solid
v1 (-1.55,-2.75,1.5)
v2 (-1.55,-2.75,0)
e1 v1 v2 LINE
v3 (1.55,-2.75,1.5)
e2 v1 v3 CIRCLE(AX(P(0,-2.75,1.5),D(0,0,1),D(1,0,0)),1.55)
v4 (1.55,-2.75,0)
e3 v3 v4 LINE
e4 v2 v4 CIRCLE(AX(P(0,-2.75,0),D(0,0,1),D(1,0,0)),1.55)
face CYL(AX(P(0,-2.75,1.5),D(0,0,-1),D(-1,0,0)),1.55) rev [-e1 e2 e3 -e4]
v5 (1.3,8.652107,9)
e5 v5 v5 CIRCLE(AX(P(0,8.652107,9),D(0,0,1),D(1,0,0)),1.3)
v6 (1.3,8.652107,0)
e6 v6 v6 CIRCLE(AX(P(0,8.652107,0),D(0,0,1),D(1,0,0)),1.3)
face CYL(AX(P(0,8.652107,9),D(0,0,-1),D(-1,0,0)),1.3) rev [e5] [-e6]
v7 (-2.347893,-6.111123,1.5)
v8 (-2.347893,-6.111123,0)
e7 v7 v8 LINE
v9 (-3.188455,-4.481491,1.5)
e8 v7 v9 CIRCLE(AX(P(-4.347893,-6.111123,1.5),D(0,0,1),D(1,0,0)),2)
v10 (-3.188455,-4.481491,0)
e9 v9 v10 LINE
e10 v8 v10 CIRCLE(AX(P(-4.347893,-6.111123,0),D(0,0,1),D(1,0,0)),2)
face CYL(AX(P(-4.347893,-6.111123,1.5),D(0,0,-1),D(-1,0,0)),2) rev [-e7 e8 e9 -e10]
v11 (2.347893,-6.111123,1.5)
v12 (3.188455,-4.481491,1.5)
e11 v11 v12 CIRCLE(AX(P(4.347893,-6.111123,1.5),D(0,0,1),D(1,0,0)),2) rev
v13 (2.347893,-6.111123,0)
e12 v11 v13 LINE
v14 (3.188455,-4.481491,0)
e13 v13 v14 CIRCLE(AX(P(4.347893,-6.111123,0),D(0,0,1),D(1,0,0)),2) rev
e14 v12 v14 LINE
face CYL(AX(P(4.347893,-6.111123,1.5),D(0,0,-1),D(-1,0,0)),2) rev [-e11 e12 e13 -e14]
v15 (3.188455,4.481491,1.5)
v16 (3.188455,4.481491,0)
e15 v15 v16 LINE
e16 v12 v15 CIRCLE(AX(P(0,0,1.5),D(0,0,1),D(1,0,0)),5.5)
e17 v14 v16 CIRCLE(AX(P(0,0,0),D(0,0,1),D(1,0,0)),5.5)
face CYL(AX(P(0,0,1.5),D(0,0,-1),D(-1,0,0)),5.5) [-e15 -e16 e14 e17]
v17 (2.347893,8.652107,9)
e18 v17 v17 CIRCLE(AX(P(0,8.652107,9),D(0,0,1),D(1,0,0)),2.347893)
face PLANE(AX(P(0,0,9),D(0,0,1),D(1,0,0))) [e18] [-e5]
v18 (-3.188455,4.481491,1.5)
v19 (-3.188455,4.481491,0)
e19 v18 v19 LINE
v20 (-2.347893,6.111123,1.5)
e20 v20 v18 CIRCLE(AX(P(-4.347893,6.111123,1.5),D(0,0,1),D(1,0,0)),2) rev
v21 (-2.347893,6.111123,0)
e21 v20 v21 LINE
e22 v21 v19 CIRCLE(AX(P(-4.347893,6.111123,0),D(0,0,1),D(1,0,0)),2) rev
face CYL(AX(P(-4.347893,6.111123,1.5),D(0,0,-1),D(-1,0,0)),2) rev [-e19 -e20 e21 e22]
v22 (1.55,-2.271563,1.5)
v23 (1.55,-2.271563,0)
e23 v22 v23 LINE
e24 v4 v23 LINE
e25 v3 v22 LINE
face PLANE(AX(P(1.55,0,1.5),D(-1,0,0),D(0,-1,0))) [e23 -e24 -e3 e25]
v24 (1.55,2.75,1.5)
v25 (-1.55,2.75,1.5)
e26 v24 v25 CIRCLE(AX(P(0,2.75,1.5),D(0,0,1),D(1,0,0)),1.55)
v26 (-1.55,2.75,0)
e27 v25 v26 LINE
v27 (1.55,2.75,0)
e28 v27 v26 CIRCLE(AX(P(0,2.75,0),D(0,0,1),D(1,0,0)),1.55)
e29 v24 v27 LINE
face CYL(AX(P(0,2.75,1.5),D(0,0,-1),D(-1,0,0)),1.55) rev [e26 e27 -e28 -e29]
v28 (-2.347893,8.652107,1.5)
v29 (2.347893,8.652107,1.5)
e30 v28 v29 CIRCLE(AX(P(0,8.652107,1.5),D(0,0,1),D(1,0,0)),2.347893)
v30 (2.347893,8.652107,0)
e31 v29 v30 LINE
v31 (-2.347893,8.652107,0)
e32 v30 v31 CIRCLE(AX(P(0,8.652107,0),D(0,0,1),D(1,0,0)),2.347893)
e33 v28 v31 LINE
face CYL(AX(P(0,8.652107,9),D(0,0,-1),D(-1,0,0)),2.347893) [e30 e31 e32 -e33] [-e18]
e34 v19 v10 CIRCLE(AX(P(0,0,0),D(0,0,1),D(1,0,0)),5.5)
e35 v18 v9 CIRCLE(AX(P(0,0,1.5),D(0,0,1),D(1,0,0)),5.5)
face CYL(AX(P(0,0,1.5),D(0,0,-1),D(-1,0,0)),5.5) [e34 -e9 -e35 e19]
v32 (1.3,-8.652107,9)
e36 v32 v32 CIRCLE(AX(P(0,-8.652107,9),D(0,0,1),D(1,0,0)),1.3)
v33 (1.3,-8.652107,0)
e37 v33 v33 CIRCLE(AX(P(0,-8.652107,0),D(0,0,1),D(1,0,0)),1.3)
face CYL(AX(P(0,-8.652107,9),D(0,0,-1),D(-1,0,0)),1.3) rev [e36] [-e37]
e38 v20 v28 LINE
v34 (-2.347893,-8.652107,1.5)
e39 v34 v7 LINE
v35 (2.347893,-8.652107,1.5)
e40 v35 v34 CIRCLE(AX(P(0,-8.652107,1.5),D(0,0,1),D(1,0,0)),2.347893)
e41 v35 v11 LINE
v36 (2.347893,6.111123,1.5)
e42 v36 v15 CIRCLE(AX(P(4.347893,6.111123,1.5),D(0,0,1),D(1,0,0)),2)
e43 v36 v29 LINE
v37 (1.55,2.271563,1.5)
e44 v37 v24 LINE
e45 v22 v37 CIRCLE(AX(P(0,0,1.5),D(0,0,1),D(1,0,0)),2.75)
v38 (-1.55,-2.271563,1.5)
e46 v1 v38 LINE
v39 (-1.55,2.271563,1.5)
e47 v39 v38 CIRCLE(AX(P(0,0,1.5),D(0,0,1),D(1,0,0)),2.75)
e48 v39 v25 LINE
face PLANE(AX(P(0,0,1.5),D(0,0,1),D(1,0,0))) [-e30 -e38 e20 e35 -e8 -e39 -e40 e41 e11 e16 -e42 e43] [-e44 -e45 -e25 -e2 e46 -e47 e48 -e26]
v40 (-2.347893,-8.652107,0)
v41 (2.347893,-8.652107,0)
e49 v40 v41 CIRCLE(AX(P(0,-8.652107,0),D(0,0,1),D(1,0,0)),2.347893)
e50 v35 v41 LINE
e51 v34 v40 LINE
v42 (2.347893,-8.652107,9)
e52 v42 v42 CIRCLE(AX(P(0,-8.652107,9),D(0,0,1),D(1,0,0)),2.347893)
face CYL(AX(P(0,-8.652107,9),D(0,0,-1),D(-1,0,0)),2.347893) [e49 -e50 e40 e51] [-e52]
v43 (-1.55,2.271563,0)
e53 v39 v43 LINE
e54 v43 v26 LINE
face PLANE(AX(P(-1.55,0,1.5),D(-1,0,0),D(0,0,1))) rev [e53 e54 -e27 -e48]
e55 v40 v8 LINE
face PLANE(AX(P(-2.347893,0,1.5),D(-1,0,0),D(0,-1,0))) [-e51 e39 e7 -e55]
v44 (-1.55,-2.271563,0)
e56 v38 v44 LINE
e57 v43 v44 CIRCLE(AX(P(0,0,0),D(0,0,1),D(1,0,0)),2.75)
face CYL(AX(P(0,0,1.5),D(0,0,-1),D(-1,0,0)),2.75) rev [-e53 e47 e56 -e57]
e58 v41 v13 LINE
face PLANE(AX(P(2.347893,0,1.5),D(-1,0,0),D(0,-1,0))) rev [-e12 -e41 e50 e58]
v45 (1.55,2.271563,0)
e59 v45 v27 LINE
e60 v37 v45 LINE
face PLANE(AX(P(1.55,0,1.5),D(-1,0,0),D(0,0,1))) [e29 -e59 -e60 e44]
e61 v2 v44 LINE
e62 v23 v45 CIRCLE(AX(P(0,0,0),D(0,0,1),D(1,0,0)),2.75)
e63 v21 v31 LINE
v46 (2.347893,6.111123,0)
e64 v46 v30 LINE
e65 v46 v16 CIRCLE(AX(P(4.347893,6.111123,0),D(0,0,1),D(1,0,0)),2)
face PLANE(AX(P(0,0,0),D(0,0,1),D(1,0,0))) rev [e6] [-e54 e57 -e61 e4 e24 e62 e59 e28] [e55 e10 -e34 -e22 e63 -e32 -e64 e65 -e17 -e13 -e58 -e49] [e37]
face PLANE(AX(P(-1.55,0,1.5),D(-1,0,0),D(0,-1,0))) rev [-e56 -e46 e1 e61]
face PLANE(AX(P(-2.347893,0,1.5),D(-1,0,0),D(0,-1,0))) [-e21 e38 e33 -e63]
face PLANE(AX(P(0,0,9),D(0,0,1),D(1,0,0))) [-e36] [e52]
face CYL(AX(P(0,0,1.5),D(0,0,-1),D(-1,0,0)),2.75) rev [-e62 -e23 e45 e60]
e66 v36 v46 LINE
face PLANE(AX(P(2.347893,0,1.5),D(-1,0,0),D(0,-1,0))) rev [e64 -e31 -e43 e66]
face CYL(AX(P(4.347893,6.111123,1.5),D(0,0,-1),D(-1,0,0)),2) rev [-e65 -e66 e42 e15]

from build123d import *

# Parameters (mm, degrees)
EXTRUDE_1_DEPTH = 1.5
SKETCH_1_4_R    = 2.347892547
SKETCH_1_4_R_2  = 1.3
EXTRUDE_2_DEPTH = 9


with BuildPart() as part:
    # 草图1 → 凸台-拉伸1 (new body)
    with BuildSketch(Plane.XY):
        with BuildLine():
            ThreePointArc((3.188454535, 4.481490565), (2.570411742, 5.19430182), (2.347892547, 6.111123497))
            Line((2.347892547, 6.111123497), (2.347892547, 8.652107453))
            ThreePointArc((2.347892547, 8.652107453), (0, 6.304214905), (-2.347892547, 8.652107453))
            Line((-2.347892547, 8.652107453), (-2.347892547, 6.111123497))
            ThreePointArc((-2.347892547, 6.111123497), (-2.570411742, 5.19430182), (-3.188454535, 4.481490565))
            ThreePointArc((-3.188454535, 4.481490565), (-5.5, 0), (-3.188454535, -4.481490565))
            ThreePointArc((-3.188454535, -4.481490565), (-2.570411742, -5.19430182), (-2.347892547, -6.111123497))
            Line((-2.347892547, -6.111123497), (-2.347892547, -8.652107453))
            ThreePointArc((-2.347892547, -8.652107453), (0, -6.304214905), (2.347892547, -8.652107453))
            Line((2.347892547, -8.652107453), (2.347892547, -6.111123497))
            ThreePointArc((2.347892547, -6.111123497), (2.570411742, -5.19430182), (3.188454535, -4.481490565))
            ThreePointArc((3.188454535, -4.481490565), (5.5, 0), (3.188454535, 4.481490565))
        make_face()
        with BuildLine():
            ThreePointArc((1.55, -2.75), (0, -4.3), (-1.55, -2.75))
            Line((-1.55, -2.75), (-1.55, -2.271563338))
            ThreePointArc((-1.55, -2.271563338), (-2.75, 0), (-1.55, 2.271563338))
            Line((-1.55, 2.271563338), (-1.55, 2.75))
            ThreePointArc((-1.55, 2.75), (0, 4.3), (1.55, 2.75))
            Line((1.55, 2.75), (1.55, 2.271563338))
            ThreePointArc((1.55, 2.271563338), (2.75, 0), (1.55, -2.271563338))
            Line((1.55, -2.271563338), (1.55, -2.75))
        make_face(mode=Mode.SUBTRACT)
    extrude(amount=EXTRUDE_1_DEPTH)

    # 草图1<4> → 凸台-拉伸2 (add)
    # profile 1 of 2: a face of its own
    with BuildSketch(Plane.XY):
        with Locations((0, 8.652107453)):
            Circle(SKETCH_1_4_R)
        with Locations((0, 8.652107453)):
            Circle(SKETCH_1_4_R_2, mode=Mode.SUBTRACT)
    # profile 2 of 2: a face of its own
    with BuildSketch(Plane.XY):
        with Locations((0, -8.652107453)):
            Circle(SKETCH_1_4_R)
        with Locations((0, -8.652107453)):
            Circle(SKETCH_1_4_R_2, mode=Mode.SUBTRACT)
    extrude(amount=EXTRUDE_2_DEPTH)


solid = part.part
